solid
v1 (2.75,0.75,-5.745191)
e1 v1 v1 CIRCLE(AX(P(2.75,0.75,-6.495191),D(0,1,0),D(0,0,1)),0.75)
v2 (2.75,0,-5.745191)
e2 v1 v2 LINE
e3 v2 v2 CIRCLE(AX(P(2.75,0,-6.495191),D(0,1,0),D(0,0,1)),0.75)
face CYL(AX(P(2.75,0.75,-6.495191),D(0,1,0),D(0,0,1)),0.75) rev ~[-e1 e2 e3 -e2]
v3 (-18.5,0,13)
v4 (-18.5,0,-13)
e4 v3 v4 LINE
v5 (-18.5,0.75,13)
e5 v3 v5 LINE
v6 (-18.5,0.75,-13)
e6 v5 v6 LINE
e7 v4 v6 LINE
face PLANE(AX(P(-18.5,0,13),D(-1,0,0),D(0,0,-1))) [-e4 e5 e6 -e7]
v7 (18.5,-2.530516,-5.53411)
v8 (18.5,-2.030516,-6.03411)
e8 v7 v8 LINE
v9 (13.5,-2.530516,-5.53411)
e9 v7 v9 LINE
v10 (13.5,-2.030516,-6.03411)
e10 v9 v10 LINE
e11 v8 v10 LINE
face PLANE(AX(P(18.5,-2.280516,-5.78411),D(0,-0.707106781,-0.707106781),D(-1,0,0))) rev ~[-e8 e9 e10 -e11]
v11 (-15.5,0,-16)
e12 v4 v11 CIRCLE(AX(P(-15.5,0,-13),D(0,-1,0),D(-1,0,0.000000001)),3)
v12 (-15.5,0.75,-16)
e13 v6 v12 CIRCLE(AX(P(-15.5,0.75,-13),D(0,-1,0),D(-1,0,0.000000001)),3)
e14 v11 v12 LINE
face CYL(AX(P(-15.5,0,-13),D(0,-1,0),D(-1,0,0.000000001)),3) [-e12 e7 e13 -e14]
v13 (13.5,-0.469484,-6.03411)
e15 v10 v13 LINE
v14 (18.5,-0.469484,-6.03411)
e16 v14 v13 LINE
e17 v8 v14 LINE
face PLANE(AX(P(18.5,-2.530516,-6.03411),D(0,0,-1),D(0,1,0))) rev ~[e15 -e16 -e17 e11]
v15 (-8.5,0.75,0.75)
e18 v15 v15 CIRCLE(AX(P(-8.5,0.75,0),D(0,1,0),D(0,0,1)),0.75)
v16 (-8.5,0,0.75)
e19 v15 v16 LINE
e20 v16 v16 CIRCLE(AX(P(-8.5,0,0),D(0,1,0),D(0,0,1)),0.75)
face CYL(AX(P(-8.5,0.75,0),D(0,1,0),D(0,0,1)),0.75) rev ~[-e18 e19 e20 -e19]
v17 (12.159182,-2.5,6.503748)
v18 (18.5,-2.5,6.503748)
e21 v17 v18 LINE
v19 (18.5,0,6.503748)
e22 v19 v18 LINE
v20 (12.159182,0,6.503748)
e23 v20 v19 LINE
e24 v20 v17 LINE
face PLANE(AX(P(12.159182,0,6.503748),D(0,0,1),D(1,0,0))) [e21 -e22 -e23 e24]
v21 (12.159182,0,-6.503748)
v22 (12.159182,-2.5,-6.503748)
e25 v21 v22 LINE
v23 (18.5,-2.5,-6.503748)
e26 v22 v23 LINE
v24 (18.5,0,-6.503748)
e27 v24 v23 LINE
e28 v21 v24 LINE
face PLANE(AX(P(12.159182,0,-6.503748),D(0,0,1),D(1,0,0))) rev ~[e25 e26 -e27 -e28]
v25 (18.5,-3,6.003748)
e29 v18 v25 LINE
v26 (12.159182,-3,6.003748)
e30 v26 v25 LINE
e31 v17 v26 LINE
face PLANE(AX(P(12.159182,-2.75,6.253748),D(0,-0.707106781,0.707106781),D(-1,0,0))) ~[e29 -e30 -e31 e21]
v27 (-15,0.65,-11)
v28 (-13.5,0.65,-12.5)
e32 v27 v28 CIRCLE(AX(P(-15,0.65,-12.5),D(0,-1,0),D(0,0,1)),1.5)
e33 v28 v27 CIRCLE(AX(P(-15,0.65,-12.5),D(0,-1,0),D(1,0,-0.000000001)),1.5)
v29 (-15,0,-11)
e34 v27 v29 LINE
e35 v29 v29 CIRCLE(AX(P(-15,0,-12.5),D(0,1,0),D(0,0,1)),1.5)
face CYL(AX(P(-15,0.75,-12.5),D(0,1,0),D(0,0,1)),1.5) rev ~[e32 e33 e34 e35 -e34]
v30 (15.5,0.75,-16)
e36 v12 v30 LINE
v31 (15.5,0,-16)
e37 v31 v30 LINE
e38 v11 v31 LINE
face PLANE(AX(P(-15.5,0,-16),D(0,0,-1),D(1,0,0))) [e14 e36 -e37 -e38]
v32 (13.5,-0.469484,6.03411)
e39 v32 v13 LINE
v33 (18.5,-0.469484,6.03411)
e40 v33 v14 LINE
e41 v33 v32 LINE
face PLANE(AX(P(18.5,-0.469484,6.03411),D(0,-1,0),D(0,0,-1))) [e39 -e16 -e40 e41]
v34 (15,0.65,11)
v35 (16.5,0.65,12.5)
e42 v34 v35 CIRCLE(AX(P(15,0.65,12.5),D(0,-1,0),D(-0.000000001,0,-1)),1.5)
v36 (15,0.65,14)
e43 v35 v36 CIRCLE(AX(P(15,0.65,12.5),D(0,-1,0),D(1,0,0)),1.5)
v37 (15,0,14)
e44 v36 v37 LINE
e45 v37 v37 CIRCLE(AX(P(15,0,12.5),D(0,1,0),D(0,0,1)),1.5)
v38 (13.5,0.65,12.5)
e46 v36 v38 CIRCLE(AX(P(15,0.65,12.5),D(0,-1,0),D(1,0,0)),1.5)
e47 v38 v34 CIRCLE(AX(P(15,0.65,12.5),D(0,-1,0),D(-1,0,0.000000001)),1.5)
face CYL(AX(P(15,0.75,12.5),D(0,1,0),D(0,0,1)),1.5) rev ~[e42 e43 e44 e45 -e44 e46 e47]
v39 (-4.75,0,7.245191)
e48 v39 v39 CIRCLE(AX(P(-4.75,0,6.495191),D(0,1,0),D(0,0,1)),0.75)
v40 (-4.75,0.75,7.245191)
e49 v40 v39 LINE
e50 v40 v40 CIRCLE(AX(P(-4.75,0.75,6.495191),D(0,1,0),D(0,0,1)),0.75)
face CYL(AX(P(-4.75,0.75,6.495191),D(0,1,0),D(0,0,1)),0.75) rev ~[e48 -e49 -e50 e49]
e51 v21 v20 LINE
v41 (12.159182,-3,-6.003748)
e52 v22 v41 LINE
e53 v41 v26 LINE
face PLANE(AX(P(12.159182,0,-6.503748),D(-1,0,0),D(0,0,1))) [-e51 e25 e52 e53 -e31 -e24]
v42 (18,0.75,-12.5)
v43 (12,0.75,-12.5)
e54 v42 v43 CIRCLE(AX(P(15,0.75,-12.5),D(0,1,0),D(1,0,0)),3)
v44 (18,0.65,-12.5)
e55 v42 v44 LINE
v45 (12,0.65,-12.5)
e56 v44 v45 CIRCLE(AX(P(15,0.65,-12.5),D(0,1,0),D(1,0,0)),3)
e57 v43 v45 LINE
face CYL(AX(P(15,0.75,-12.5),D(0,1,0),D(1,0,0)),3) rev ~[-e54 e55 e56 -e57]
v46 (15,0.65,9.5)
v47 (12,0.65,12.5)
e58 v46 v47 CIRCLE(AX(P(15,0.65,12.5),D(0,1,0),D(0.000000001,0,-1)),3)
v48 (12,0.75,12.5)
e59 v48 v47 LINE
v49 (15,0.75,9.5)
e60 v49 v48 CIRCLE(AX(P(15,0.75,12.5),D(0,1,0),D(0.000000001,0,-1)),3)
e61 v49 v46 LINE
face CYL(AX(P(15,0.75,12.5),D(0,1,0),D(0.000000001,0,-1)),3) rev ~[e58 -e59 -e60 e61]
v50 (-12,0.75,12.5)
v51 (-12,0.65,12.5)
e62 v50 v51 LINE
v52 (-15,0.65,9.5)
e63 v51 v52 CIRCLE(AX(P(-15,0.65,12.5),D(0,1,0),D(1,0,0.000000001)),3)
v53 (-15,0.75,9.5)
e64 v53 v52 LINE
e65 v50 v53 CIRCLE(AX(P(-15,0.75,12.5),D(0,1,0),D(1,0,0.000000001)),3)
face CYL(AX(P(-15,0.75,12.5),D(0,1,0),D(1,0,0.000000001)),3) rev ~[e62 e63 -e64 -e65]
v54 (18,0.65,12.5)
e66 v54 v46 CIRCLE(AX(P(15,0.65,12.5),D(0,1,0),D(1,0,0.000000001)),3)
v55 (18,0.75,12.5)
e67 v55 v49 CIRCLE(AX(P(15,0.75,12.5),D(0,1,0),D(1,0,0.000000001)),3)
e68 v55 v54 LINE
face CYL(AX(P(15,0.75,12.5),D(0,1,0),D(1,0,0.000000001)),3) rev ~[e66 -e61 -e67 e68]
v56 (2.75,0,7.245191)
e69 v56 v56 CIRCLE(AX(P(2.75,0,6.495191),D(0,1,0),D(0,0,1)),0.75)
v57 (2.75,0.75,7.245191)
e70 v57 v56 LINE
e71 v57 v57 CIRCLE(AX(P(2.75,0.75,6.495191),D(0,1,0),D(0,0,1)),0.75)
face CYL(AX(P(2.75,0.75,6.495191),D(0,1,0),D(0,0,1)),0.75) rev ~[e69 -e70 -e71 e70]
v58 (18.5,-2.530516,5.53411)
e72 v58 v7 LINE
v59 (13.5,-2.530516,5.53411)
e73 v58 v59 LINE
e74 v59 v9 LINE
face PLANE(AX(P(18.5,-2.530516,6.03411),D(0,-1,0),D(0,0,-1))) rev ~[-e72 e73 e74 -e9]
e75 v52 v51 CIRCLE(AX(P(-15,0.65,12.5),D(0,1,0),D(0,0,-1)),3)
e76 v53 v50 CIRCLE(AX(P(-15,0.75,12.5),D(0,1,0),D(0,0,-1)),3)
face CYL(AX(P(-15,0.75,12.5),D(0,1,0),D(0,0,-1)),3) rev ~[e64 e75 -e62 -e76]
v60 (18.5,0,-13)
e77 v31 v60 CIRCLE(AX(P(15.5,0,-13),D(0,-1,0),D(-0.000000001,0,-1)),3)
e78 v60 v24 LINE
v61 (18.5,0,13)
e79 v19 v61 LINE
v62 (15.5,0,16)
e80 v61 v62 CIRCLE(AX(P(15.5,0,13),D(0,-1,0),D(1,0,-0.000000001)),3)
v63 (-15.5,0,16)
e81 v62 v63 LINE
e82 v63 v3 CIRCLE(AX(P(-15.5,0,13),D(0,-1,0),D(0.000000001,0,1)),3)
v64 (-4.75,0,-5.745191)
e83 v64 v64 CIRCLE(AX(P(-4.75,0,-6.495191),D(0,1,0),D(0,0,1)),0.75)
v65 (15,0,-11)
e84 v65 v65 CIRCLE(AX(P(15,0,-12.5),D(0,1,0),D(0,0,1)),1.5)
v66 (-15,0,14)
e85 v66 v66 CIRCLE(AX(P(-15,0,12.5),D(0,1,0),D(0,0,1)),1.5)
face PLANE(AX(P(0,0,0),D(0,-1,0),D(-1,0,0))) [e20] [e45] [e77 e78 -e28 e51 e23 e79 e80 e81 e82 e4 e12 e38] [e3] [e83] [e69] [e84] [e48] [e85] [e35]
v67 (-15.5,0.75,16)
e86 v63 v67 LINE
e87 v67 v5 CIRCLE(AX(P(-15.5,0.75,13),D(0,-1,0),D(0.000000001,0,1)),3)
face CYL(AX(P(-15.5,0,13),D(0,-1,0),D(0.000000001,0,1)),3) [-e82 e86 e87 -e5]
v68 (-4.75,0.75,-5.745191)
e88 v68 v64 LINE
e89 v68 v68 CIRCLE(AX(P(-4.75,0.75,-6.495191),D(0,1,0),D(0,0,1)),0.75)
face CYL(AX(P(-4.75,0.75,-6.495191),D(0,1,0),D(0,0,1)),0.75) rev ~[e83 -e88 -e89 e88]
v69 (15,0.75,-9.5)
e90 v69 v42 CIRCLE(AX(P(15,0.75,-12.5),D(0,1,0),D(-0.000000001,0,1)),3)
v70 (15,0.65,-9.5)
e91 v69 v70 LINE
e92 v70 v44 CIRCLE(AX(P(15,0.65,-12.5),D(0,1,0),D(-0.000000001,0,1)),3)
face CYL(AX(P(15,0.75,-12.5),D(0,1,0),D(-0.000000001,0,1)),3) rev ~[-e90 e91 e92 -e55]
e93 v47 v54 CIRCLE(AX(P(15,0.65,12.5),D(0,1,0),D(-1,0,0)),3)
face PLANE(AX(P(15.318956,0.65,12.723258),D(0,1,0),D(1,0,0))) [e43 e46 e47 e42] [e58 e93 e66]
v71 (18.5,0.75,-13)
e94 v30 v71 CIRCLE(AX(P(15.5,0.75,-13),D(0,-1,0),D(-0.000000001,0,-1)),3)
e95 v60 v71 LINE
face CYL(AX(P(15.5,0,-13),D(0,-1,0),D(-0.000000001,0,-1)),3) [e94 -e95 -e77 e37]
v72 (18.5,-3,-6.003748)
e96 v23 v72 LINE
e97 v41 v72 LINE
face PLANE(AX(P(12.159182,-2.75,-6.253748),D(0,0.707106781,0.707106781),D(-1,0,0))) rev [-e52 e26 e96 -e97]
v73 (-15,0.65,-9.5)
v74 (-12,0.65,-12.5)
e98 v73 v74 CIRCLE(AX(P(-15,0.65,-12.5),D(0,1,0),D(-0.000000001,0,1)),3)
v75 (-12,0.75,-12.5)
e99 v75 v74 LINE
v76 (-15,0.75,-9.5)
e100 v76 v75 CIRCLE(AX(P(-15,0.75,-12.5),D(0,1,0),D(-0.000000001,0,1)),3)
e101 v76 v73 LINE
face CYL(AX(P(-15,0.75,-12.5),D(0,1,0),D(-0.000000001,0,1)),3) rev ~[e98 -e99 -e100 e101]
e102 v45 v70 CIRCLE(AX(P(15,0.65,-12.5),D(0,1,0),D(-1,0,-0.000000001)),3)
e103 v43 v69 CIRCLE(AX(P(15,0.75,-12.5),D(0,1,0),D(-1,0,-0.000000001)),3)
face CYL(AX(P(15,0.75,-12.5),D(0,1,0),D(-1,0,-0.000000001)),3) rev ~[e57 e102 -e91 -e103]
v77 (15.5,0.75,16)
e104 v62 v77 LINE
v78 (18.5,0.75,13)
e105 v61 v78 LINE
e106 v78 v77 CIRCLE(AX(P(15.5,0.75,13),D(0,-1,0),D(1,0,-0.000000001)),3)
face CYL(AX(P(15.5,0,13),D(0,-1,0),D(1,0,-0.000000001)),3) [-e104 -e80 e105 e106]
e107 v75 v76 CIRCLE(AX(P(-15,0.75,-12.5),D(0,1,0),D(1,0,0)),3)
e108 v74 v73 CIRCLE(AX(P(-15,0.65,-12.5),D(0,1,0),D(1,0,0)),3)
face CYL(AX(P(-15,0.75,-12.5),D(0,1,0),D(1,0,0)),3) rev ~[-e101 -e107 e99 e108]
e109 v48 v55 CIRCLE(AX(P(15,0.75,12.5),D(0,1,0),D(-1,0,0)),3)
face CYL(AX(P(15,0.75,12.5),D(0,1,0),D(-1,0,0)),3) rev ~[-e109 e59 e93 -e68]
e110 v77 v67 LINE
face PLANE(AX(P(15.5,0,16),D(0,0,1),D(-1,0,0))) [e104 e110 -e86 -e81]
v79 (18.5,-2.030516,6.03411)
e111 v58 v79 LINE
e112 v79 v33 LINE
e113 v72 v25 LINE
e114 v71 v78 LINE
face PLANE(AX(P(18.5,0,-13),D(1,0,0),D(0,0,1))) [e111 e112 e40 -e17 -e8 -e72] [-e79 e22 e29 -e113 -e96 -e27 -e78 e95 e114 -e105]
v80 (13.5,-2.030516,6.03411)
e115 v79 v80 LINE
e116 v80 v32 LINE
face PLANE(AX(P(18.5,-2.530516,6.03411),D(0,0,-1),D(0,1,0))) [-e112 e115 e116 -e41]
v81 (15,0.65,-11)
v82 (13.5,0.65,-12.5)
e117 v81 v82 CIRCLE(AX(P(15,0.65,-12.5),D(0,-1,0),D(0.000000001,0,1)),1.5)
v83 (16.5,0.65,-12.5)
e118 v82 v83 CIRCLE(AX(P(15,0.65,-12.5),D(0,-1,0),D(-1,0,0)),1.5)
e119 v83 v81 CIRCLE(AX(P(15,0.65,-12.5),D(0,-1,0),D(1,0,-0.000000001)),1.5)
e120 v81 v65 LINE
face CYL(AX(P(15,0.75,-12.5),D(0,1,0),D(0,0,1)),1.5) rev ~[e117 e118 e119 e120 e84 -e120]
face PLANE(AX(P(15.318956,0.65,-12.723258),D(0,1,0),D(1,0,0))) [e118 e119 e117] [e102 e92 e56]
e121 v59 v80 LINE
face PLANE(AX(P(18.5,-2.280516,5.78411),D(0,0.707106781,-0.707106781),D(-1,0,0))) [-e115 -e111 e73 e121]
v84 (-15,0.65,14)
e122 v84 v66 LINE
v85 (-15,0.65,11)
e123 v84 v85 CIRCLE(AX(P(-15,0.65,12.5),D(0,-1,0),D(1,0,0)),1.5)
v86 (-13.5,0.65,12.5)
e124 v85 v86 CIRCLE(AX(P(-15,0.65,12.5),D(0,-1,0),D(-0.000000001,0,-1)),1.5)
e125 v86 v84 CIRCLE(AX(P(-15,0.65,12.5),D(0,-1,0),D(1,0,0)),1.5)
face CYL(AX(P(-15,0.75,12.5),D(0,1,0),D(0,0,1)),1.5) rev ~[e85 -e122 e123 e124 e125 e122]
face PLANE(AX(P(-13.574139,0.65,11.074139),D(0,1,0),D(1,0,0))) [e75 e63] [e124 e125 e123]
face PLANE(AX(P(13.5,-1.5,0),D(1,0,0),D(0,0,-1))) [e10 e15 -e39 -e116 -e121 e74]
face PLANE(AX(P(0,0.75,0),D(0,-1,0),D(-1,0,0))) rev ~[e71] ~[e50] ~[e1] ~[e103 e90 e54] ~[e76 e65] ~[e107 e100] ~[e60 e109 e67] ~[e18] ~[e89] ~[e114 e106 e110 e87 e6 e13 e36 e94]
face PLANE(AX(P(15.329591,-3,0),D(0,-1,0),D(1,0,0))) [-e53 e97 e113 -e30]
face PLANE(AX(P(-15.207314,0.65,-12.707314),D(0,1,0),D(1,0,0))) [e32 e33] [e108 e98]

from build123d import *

# Parameters (mm, degrees)
BOSS_EXTRUDE1_DEPTH = 0.75
CUT_EXTRUDE3_DEPTH  = 0.1
SKETCH3_R           = 1.5
CUT_EXTRUDE4_DEPTH  = 3.1
SKETCH4_R           = 0.75
CUT_EXTRUDE5_DEPTH  = 10
SKETCH6_W           = 6.340818297
SKETCH6_H           = 13.007496706
BOSS_EXTRUDE2_DEPTH = 3
SKETCH7_W           = 12.068220188
SKETCH7_H           = 2.061032276
CUT_EXTRUDE6_DEPTH  = 5
CHAMFER2_SIZE       = 0.5


with BuildPart() as part:
    # Sketch1 → Boss-Extrude1 (new body)
    with BuildSketch(Plane(origin=(0, 0, 0), x_dir=(1, 0, 0), z_dir=(0, 1, 0))):
        with BuildLine():
            Line((-15.5, 16), (15.5, 16))
            ThreePointArc((15.5, 16), (17.621320344, 15.121320344), (18.5, 13))
            Line((18.5, 13), (18.5, -13))
            ThreePointArc((18.5, -13), (17.621320344, -15.121320344), (15.5, -16))
            Line((15.5, -16), (-15.5, -16))
            ThreePointArc((-15.5, -16), (-17.621320344, -15.121320344), (-18.5, -13))
            Line((-18.5, -13), (-18.5, 13))
            ThreePointArc((-18.5, 13), (-17.621320344, 15.121320344), (-15.5, 16))
        make_face()
    extrude(amount=BOSS_EXTRUDE1_DEPTH)

    # Sketch2 → Cut-Extrude3 (cut)
    with BuildSketch(Plane(origin=(0, 0.75, 0), x_dir=(1, 0, 0), z_dir=(0, 1, 0))):
        with BuildLine():
            ThreePointArc((-15, 11), (-16.060660172, 13.560660172), (-13.5, 12.5))
            Line((-13.5, 12.5), (-12, 12.5))
            ThreePointArc((-12, 12.5), (-17.121320344, 14.621320344), (-15, 9.5))
            Line((-15, 9.5), (-15, 11))
        make_face()
        with BuildLine():
            Line((-12, 12.5), (-13.5, 12.5))
            ThreePointArc((-13.5, 12.5), (-13.939339828, 11.439339828), (-15, 11))
            Line((-15, 11), (-15, 9.5))
            ThreePointArc((-15, 9.5), (-12.878679656, 10.378679656), (-12, 12.5))
        make_face()
        with BuildLine():
            ThreePointArc((18, 12.5), (15, 15.5), (12, 12.5))
            Line((12, 12.5), (13.5, 12.5))
            ThreePointArc((13.5, 12.5), (15, 14), (16.5, 12.5))
            ThreePointArc((16.5, 12.5), (16.060660172, 11.439339828), (15, 11))
            Line((15, 11), (15, 9.5))
            ThreePointArc((15, 9.5), (17.121320344, 10.378679656), (18, 12.5))
        make_face()
        with BuildLine():
            Line((13.5, 12.5), (12, 12.5))
            ThreePointArc((12, 12.5), (12.878679656, 10.378679656), (15, 9.5))
            Line((15, 9.5), (15, 11))
            ThreePointArc((15, 11), (13.939339828, 11.439339828), (13.5, 12.5))
        make_face()
        with BuildLine():
            ThreePointArc((18, -12.5), (17.121320344, -10.378679656), (15, -9.5))
            Line((15, -9.5), (15, -11))
            ThreePointArc((15, -11), (16.060660172, -11.439339828), (16.5, -12.5))
            ThreePointArc((16.5, -12.5), (15, -14), (13.5, -12.5))
            Line((13.5, -12.5), (12, -12.5))
            ThreePointArc((12, -12.5), (15, -15.5), (18, -12.5))
        make_face()
        with BuildLine():
            Line((15, -11), (15, -9.5))
            ThreePointArc((15, -9.5), (12.878679656, -10.378679656), (12, -12.5))
            Line((12, -12.5), (13.5, -12.5))
            ThreePointArc((13.5, -12.5), (13.939339828, -11.439339828), (15, -11))
        make_face()
        with BuildLine():
            ThreePointArc((-12, -12.5), (-12.878679656, -10.378679656), (-15, -9.5))
            Line((-15, -9.5), (-15, -11))
            ThreePointArc((-15, -11), (-13.939339828, -11.439339828), (-13.5, -12.5))
            Line((-13.5, -12.5), (-12, -12.5))
        make_face()
        with BuildLine():
            Line((-15, -11), (-15, -9.5))
            ThreePointArc((-15, -9.5), (-17.121320344, -14.621320344), (-12, -12.5))
            Line((-12, -12.5), (-13.5, -12.5))
            ThreePointArc((-13.5, -12.5), (-16.060660172, -13.560660172), (-15, -11))
        make_face()
    extrude(amount=-CUT_EXTRUDE3_DEPTH, mode=Mode.SUBTRACT)

    # Sketch3 → Cut-Extrude4 (cut)
    with BuildSketch(Plane(origin=(0, 0.75, 0), x_dir=(1, 0, 0), z_dir=(0, 1, 0))):
        with Locations(Location((-15, 12.5, 0), (0, 0, 270))):
            Circle(SKETCH3_R)
        with Locations(Location((15, 12.5, 0), (0, 0, 270))):
            Circle(SKETCH3_R)
        with Locations(Location((-15, -12.5, 0), (0, 0, 270))):
            Circle(SKETCH3_R)
        with Locations(Location((15, -12.5, 0), (0, 0, 270))):
            Circle(SKETCH3_R)
    extrude(amount=-CUT_EXTRUDE4_DEPTH, mode=Mode.SUBTRACT)

    # Sketch4 → Cut-Extrude5 (cut)
    with BuildSketch(Plane(origin=(0, 0.75, 0), x_dir=(1, 0, 0), z_dir=(0, 1, 0))):
        with Locations(Location((2.75, -6.495190528, 0), (0, 0, 270))):
            Circle(SKETCH4_R)
        with Locations(Location((-4.75, -6.495190528, 0), (0, 0, 270))):
            Circle(SKETCH4_R)
        with Locations(Location((-8.5, 0, 0), (0, 0, 270))):
            Circle(SKETCH4_R)
        with Locations(Location((-4.75, 6.495190528, 0), (0, 0, 270))):
            Circle(SKETCH4_R)
        with Locations(Location((2.75, 6.495190528, 0), (0, 0, 270))):
            Circle(SKETCH4_R)
    extrude(amount=-CUT_EXTRUDE5_DEPTH, mode=Mode.SUBTRACT)

    # Sketch6 → Boss-Extrude2 (add)
    with BuildSketch(Plane.XZ):
        with Locations((15.329590852, 0)):
            Rectangle(SKETCH6_W, SKETCH6_H)
    extrude(amount=BOSS_EXTRUDE2_DEPTH)

    # Sketch7 → Cut-Extrude6 (cut)
    with BuildSketch(Plane(origin=(18.5, 0, 0), x_dir=(0, 0, -1), z_dir=(1, 0, 0))):
        with Locations((0, -1.5)):
            Rectangle(SKETCH7_W, SKETCH7_H)
    extrude(amount=-CUT_EXTRUDE6_DEPTH, mode=Mode.SUBTRACT)

    # Chamfer2
    chamfer2_edges = [part.edges().sort_by_distance(p)[0] for p in [
        (15.329590852, -3, -6.503748353),
        (15.329590852, -3, 6.503748353),
        (16, -2.530516138, 6.034110094),
        (16, -2.530516138, -6.034110094),
    ]]
    chamfer(chamfer2_edges, length=CHAMFER2_SIZE)


solid = part.part
